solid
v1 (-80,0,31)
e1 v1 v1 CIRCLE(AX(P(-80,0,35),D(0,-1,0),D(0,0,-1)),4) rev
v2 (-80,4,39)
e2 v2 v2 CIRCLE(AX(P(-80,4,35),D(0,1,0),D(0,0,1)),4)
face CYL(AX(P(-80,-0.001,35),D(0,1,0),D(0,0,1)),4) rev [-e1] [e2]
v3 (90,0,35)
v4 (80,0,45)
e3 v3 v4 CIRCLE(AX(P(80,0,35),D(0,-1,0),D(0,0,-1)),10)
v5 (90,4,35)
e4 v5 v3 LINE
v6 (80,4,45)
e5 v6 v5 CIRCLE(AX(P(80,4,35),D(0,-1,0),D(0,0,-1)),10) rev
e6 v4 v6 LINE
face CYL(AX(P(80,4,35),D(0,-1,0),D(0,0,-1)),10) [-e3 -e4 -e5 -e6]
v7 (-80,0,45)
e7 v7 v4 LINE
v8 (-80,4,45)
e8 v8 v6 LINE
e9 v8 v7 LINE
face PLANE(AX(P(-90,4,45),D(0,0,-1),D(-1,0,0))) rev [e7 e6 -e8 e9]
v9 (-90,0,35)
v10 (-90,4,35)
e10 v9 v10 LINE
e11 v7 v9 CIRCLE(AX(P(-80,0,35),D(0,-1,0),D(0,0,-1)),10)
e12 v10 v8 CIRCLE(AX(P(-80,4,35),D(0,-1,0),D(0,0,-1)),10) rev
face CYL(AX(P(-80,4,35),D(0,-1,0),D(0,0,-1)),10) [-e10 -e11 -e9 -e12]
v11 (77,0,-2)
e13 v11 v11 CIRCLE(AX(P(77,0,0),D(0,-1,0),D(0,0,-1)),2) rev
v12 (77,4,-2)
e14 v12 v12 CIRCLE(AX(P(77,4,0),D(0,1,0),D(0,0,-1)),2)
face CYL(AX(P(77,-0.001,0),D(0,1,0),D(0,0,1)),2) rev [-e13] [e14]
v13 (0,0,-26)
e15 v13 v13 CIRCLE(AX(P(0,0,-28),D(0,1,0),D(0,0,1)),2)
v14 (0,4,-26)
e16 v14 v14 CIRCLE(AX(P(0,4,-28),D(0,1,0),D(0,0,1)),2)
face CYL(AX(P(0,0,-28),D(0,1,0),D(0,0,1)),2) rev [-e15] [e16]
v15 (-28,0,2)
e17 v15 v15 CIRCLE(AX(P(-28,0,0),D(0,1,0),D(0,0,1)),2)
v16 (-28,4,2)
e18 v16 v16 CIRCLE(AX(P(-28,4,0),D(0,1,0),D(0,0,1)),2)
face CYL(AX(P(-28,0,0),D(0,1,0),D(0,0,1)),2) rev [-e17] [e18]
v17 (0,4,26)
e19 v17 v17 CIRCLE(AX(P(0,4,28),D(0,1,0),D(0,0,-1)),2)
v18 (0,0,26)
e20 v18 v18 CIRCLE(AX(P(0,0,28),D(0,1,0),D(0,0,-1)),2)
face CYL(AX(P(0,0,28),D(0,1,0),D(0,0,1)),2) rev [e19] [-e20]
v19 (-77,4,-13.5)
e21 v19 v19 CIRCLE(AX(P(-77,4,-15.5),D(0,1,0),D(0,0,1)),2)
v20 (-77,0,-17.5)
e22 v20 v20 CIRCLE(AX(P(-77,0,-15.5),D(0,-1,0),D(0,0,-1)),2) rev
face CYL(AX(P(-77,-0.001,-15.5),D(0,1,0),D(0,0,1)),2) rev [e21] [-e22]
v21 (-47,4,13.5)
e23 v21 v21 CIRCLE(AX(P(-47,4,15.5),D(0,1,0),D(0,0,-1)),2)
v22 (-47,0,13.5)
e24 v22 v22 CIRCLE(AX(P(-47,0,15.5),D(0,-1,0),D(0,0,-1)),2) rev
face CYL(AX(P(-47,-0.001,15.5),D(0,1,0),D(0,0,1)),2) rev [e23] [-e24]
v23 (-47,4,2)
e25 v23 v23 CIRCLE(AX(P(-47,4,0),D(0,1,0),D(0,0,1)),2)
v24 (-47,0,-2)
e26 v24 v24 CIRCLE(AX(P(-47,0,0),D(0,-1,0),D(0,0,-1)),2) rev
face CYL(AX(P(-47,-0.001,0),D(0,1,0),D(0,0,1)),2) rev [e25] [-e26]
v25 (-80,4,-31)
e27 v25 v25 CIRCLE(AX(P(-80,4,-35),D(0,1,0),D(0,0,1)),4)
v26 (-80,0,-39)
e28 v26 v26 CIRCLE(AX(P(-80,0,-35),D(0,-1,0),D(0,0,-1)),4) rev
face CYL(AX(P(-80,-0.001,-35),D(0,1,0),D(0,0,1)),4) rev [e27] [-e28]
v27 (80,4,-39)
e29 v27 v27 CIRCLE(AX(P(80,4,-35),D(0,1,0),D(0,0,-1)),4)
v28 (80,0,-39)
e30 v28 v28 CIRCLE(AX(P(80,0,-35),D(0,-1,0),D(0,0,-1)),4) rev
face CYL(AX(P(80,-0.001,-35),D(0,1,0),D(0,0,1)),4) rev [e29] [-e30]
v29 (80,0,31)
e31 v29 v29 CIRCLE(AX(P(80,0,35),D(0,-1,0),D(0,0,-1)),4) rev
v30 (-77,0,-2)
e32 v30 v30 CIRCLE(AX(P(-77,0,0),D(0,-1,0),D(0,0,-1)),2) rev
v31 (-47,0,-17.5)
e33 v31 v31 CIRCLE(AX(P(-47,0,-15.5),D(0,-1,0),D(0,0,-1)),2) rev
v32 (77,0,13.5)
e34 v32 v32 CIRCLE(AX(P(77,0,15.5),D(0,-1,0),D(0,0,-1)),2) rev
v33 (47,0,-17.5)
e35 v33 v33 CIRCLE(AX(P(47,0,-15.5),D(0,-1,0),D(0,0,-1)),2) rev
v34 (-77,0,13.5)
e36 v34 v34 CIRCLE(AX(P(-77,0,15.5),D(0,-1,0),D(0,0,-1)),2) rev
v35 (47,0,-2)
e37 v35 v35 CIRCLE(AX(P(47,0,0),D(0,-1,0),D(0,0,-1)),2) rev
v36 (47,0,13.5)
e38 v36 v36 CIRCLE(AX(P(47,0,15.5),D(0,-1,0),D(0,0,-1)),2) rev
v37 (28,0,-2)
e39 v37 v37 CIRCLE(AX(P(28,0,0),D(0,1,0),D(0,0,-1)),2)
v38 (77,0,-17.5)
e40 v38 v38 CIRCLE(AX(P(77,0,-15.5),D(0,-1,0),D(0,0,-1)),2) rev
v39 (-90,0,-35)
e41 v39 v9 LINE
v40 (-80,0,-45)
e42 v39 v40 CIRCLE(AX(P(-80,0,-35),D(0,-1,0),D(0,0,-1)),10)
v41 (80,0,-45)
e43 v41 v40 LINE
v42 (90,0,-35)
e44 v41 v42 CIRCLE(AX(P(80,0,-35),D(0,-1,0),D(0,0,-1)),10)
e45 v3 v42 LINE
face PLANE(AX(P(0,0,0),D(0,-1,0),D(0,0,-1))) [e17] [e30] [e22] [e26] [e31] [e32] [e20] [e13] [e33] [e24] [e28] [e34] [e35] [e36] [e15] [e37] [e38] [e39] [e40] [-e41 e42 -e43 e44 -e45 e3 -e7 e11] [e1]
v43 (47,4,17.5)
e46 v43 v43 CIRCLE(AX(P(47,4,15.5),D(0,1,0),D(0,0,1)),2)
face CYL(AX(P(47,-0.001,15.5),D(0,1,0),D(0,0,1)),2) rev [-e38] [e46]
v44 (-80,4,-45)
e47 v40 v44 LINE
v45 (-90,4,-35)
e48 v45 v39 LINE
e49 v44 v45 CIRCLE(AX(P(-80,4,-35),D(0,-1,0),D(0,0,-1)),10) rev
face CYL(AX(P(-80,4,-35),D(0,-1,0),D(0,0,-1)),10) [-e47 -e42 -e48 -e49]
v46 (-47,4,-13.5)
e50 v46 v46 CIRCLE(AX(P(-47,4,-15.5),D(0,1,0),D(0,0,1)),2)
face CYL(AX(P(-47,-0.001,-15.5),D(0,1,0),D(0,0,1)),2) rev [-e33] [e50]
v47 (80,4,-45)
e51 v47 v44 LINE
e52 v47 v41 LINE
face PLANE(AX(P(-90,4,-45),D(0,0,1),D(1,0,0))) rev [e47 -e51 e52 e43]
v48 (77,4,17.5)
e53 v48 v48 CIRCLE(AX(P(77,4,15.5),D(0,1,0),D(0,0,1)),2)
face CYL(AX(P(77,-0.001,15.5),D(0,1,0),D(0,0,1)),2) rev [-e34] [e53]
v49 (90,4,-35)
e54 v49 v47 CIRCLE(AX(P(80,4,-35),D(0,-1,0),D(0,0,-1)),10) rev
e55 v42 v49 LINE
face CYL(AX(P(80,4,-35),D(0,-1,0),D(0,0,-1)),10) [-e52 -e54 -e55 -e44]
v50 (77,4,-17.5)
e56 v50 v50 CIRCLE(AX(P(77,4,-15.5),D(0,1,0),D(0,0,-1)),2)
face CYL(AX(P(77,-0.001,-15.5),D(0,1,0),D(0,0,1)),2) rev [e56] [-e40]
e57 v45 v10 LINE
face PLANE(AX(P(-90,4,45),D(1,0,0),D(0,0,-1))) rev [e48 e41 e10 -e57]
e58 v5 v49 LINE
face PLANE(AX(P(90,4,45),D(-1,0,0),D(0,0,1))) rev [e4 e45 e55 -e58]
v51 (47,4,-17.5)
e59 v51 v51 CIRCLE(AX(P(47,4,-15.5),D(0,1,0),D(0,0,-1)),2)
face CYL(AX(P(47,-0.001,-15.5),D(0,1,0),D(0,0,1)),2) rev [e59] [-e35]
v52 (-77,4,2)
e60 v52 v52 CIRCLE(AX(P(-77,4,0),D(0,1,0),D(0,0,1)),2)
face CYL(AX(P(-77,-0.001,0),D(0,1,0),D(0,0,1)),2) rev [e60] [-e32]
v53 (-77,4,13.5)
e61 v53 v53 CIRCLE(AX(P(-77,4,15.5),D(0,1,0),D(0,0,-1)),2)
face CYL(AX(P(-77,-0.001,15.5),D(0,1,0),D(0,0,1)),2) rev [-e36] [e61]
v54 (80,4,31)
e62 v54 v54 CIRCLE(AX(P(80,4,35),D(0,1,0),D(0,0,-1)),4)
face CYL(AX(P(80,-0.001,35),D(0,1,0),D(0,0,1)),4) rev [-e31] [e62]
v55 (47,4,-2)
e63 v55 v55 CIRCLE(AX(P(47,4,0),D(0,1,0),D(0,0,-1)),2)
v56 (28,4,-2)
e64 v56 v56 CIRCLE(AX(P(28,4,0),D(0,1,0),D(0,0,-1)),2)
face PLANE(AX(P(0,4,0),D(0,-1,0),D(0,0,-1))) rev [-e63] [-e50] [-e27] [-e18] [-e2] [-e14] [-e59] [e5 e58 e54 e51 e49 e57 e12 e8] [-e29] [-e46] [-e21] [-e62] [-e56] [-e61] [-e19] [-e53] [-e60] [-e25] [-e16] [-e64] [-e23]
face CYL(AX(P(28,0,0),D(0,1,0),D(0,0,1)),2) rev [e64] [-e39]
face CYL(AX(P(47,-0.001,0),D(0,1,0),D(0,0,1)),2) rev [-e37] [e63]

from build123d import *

# Parameters (mm, degrees)
CROQUIS2_W              = 180
CROQUIS2_H              = 90
SALIENTE_EXTRUIR1_DEPTH = 4
REDONDEO1_R             = 10
CORTAR_EXTRUIR1_REACH   = 102.703
CROQUIS8_R              = 2
CORTAR_EXTRUIR2_REACH   = 102.703
CROQUIS4_R              = 4
CROQUIS9_R              = 2
CORTAR_EXTRUIR3_DEPTH   = 101.702532242


with BuildPart() as part:
    # Croquis2 → Saliente-Extruir1 (new body)
    with BuildSketch(Plane(origin=(0, 0, 0), x_dir=(1, 0, 0), z_dir=(0, 1, 0))):
        Rectangle(CROQUIS2_W, CROQUIS2_H)
    extrude(amount=SALIENTE_EXTRUIR1_DEPTH)

    # Redondeo1
    redondeo1_edges = [part.edges().sort_by_distance(p)[0] for p in [
        (90, 2, 45),
        (-90, 2, 45),
        (-90, 2, -45),
        (90, 2, -45),
    ]]
    fillet(redondeo1_edges, radius=REDONDEO1_R)

    # Croquis8 → Cortar-Extruir1 (cut, up to next)
    with BuildSketch(Plane(origin=(0, 4, 0), x_dir=(1, 0, 0), z_dir=(0, 1, 0)), mode=Mode.PRIVATE) as cortar_extruir1_sk1:
        with Locations(Location((-47, 0, 0), (0, 0, 270))):
            Circle(CROQUIS8_R)
    cortar_extruir1_tool1 = extrude(cortar_extruir1_sk1.sketch, amount=-CORTAR_EXTRUIR1_REACH, mode=Mode.PRIVATE) & part.part
    # Croquis8 → Cortar-Extruir1 (cut, up to next)
    with BuildSketch(Plane(origin=(0, 4, 0), x_dir=(1, 0, 0), z_dir=(0, 1, 0)), mode=Mode.PRIVATE) as cortar_extruir1_sk2:
        with Locations(Location((-77, 0, 0), (0, 0, 270))):
            Circle(CROQUIS8_R)
    cortar_extruir1_tool2 = extrude(cortar_extruir1_sk2.sketch, amount=-CORTAR_EXTRUIR1_REACH, mode=Mode.PRIVATE) & part.part
    # Croquis8 → Cortar-Extruir1 (cut, up to next)
    with BuildSketch(Plane(origin=(0, 4, 0), x_dir=(1, 0, 0), z_dir=(0, 1, 0)), mode=Mode.PRIVATE) as cortar_extruir1_sk3:
        with Locations(Location((77, 0, 0), (0, 0, 90))):
            Circle(CROQUIS8_R)
    cortar_extruir1_tool3 = extrude(cortar_extruir1_sk3.sketch, amount=-CORTAR_EXTRUIR1_REACH, mode=Mode.PRIVATE) & part.part
    # Croquis8 → Cortar-Extruir1 (cut, up to next)
    with BuildSketch(Plane(origin=(0, 4, 0), x_dir=(1, 0, 0), z_dir=(0, 1, 0)), mode=Mode.PRIVATE) as cortar_extruir1_sk4:
        with Locations(Location((47, 0, 0), (0, 0, 90))):
            Circle(CROQUIS8_R)
    cortar_extruir1_tool4 = extrude(cortar_extruir1_sk4.sketch, amount=-CORTAR_EXTRUIR1_REACH, mode=Mode.PRIVATE) & part.part
    # Croquis8 → Cortar-Extruir1 (cut, up to next)
    with BuildSketch(Plane(origin=(0, 4, 0), x_dir=(1, 0, 0), z_dir=(0, 1, 0)), mode=Mode.PRIVATE) as cortar_extruir1_sk5:
        with Locations(Location((-77, 15.5, 0), (0, 0, 270))):
            Circle(CROQUIS8_R)
    cortar_extruir1_tool5 = extrude(cortar_extruir1_sk5.sketch, amount=-CORTAR_EXTRUIR1_REACH, mode=Mode.PRIVATE) & part.part
    # Croquis8 → Cortar-Extruir1 (cut, up to next)
    with BuildSketch(Plane(origin=(0, 4, 0), x_dir=(1, 0, 0), z_dir=(0, 1, 0)), mode=Mode.PRIVATE) as cortar_extruir1_sk6:
        with Locations(Location((-47, 15.5, 0), (0, 0, 270))):
            Circle(CROQUIS8_R)
    cortar_extruir1_tool6 = extrude(cortar_extruir1_sk6.sketch, amount=-CORTAR_EXTRUIR1_REACH, mode=Mode.PRIVATE) & part.part
    # Croquis8 → Cortar-Extruir1 (cut, up to next)
    with BuildSketch(Plane(origin=(0, 4, 0), x_dir=(1, 0, 0), z_dir=(0, 1, 0)), mode=Mode.PRIVATE) as cortar_extruir1_sk7:
        with Locations(Location((-77, -15.5, 0), (0, 0, 90))):
            Circle(CROQUIS8_R)
    cortar_extruir1_tool7 = extrude(cortar_extruir1_sk7.sketch, amount=-CORTAR_EXTRUIR1_REACH, mode=Mode.PRIVATE) & part.part
    # Croquis8 → Cortar-Extruir1 (cut, up to next)
    with BuildSketch(Plane(origin=(0, 4, 0), x_dir=(1, 0, 0), z_dir=(0, 1, 0)), mode=Mode.PRIVATE) as cortar_extruir1_sk8:
        with Locations(Location((-47, -15.5, 0), (0, 0, 90))):
            Circle(CROQUIS8_R)
    cortar_extruir1_tool8 = extrude(cortar_extruir1_sk8.sketch, amount=-CORTAR_EXTRUIR1_REACH, mode=Mode.PRIVATE) & part.part
    # Croquis8 → Cortar-Extruir1 (cut, up to next)
    with BuildSketch(Plane(origin=(0, 4, 0), x_dir=(1, 0, 0), z_dir=(0, 1, 0)), mode=Mode.PRIVATE) as cortar_extruir1_sk9:
        with Locations(Location((47, -15.5, 0), (0, 0, 270))):
            Circle(CROQUIS8_R)
    cortar_extruir1_tool9 = extrude(cortar_extruir1_sk9.sketch, amount=-CORTAR_EXTRUIR1_REACH, mode=Mode.PRIVATE) & part.part
    # Croquis8 → Cortar-Extruir1 (cut, up to next)
    with BuildSketch(Plane(origin=(0, 4, 0), x_dir=(1, 0, 0), z_dir=(0, 1, 0)), mode=Mode.PRIVATE) as cortar_extruir1_sk10:
        with Locations(Location((77, -15.5, 0), (0, 0, 270))):
            Circle(CROQUIS8_R)
    cortar_extruir1_tool10 = extrude(cortar_extruir1_sk10.sketch, amount=-CORTAR_EXTRUIR1_REACH, mode=Mode.PRIVATE) & part.part
    # Croquis8 → Cortar-Extruir1 (cut, up to next)
    with BuildSketch(Plane(origin=(0, 4, 0), x_dir=(1, 0, 0), z_dir=(0, 1, 0)), mode=Mode.PRIVATE) as cortar_extruir1_sk11:
        with Locations(Location((77, 15.5, 0), (0, 0, 90))):
            Circle(CROQUIS8_R)
    cortar_extruir1_tool11 = extrude(cortar_extruir1_sk11.sketch, amount=-CORTAR_EXTRUIR1_REACH, mode=Mode.PRIVATE) & part.part
    # Croquis8 → Cortar-Extruir1 (cut, up to next)
    with BuildSketch(Plane(origin=(0, 4, 0), x_dir=(1, 0, 0), z_dir=(0, 1, 0)), mode=Mode.PRIVATE) as cortar_extruir1_sk12:
        with Locations(Location((47, 15.5, 0), (0, 0, 90))):
            Circle(CROQUIS8_R)
    cortar_extruir1_tool12 = extrude(cortar_extruir1_sk12.sketch, amount=-CORTAR_EXTRUIR1_REACH, mode=Mode.PRIVATE) & part.part
    add(cortar_extruir1_tool1.solids().sort_by_distance((-47, 4, 0))[0], mode=Mode.SUBTRACT)
    add(cortar_extruir1_tool2.solids().sort_by_distance((-77, 4, 0))[0], mode=Mode.SUBTRACT)
    add(cortar_extruir1_tool3.solids().sort_by_distance((77, 4, 0))[0], mode=Mode.SUBTRACT)
    add(cortar_extruir1_tool4.solids().sort_by_distance((47, 4, 0))[0], mode=Mode.SUBTRACT)
    add(cortar_extruir1_tool5.solids().sort_by_distance((-77, 4, -15.5))[0], mode=Mode.SUBTRACT)
    add(cortar_extruir1_tool6.solids().sort_by_distance((-47, 4, -15.5))[0], mode=Mode.SUBTRACT)
    add(cortar_extruir1_tool7.solids().sort_by_distance((-77, 4, 15.5))[0], mode=Mode.SUBTRACT)
    add(cortar_extruir1_tool8.solids().sort_by_distance((-47, 4, 15.5))[0], mode=Mode.SUBTRACT)
    add(cortar_extruir1_tool9.solids().sort_by_distance((47, 4, 15.5))[0], mode=Mode.SUBTRACT)
    add(cortar_extruir1_tool10.solids().sort_by_distance((77, 4, 15.5))[0], mode=Mode.SUBTRACT)
    add(cortar_extruir1_tool11.solids().sort_by_distance((77, 4, -15.5))[0], mode=Mode.SUBTRACT)
    add(cortar_extruir1_tool12.solids().sort_by_distance((47, 4, -15.5))[0], mode=Mode.SUBTRACT)

    # Croquis4 → Cortar-Extruir2 (cut, up to next)
    with BuildSketch(Plane(origin=(0, 4, 0), x_dir=(1, 0, 0), z_dir=(0, 1, 0)), mode=Mode.PRIVATE) as cortar_extruir2_sk1:
        with Locations(Location((-80, 35, 0), (0, 0, 270))):
            Circle(CROQUIS4_R)
    cortar_extruir2_tool1 = extrude(cortar_extruir2_sk1.sketch, amount=-CORTAR_EXTRUIR2_REACH, mode=Mode.PRIVATE) & part.part
    # Croquis4 → Cortar-Extruir2 (cut, up to next)
    with BuildSketch(Plane(origin=(0, 4, 0), x_dir=(1, 0, 0), z_dir=(0, 1, 0)), mode=Mode.PRIVATE) as cortar_extruir2_sk2:
        with Locations(Location((-80, -35, 0), (0, 0, 270))):
            Circle(CROQUIS4_R)
    cortar_extruir2_tool2 = extrude(cortar_extruir2_sk2.sketch, amount=-CORTAR_EXTRUIR2_REACH, mode=Mode.PRIVATE) & part.part
    # Croquis4 → Cortar-Extruir2 (cut, up to next)
    with BuildSketch(Plane(origin=(0, 4, 0), x_dir=(1, 0, 0), z_dir=(0, 1, 0)), mode=Mode.PRIVATE) as cortar_extruir2_sk3:
        with Locations(Location((80, -35, 0), (0, 0, 90))):
            Circle(CROQUIS4_R)
    cortar_extruir2_tool3 = extrude(cortar_extruir2_sk3.sketch, amount=-CORTAR_EXTRUIR2_REACH, mode=Mode.PRIVATE) & part.part
    # Croquis4 → Cortar-Extruir2 (cut, up to next)
    with BuildSketch(Plane(origin=(0, 4, 0), x_dir=(1, 0, 0), z_dir=(0, 1, 0)), mode=Mode.PRIVATE) as cortar_extruir2_sk4:
        with Locations(Location((80, 35, 0), (0, 0, 90))):
            Circle(CROQUIS4_R)
    cortar_extruir2_tool4 = extrude(cortar_extruir2_sk4.sketch, amount=-CORTAR_EXTRUIR2_REACH, mode=Mode.PRIVATE) & part.part
    add(cortar_extruir2_tool1.solids().sort_by_distance((-80, 4, -35))[0], mode=Mode.SUBTRACT)
    add(cortar_extruir2_tool2.solids().sort_by_distance((-80, 4, 35))[0], mode=Mode.SUBTRACT)
    add(cortar_extruir2_tool3.solids().sort_by_distance((80, 4, 35))[0], mode=Mode.SUBTRACT)
    add(cortar_extruir2_tool4.solids().sort_by_distance((80, 4, -35))[0], mode=Mode.SUBTRACT)

    # Croquis9 → Cortar-Extruir3 (cut, through all)
    with BuildSketch(Plane(origin=(0, 4, 0), x_dir=(1, 0, 0), z_dir=(0, 1, 0))):
        with Locations(Location((0, 28, 0), (0, 0, 270))):
            Circle(CROQUIS9_R)
        with Locations(Location((-28, 0, 0), (0, 0, 270))):
            Circle(CROQUIS9_R)
        with Locations(Location((0, -28, 0), (0, 0, 90))):
            Circle(CROQUIS9_R)
        with Locations(Location((28, 0, 0), (0, 0, 90))):
            Circle(CROQUIS9_R)
    extrude(amount=-CORTAR_EXTRUIR3_DEPTH, mode=Mode.SUBTRACT)


solid = part.part
